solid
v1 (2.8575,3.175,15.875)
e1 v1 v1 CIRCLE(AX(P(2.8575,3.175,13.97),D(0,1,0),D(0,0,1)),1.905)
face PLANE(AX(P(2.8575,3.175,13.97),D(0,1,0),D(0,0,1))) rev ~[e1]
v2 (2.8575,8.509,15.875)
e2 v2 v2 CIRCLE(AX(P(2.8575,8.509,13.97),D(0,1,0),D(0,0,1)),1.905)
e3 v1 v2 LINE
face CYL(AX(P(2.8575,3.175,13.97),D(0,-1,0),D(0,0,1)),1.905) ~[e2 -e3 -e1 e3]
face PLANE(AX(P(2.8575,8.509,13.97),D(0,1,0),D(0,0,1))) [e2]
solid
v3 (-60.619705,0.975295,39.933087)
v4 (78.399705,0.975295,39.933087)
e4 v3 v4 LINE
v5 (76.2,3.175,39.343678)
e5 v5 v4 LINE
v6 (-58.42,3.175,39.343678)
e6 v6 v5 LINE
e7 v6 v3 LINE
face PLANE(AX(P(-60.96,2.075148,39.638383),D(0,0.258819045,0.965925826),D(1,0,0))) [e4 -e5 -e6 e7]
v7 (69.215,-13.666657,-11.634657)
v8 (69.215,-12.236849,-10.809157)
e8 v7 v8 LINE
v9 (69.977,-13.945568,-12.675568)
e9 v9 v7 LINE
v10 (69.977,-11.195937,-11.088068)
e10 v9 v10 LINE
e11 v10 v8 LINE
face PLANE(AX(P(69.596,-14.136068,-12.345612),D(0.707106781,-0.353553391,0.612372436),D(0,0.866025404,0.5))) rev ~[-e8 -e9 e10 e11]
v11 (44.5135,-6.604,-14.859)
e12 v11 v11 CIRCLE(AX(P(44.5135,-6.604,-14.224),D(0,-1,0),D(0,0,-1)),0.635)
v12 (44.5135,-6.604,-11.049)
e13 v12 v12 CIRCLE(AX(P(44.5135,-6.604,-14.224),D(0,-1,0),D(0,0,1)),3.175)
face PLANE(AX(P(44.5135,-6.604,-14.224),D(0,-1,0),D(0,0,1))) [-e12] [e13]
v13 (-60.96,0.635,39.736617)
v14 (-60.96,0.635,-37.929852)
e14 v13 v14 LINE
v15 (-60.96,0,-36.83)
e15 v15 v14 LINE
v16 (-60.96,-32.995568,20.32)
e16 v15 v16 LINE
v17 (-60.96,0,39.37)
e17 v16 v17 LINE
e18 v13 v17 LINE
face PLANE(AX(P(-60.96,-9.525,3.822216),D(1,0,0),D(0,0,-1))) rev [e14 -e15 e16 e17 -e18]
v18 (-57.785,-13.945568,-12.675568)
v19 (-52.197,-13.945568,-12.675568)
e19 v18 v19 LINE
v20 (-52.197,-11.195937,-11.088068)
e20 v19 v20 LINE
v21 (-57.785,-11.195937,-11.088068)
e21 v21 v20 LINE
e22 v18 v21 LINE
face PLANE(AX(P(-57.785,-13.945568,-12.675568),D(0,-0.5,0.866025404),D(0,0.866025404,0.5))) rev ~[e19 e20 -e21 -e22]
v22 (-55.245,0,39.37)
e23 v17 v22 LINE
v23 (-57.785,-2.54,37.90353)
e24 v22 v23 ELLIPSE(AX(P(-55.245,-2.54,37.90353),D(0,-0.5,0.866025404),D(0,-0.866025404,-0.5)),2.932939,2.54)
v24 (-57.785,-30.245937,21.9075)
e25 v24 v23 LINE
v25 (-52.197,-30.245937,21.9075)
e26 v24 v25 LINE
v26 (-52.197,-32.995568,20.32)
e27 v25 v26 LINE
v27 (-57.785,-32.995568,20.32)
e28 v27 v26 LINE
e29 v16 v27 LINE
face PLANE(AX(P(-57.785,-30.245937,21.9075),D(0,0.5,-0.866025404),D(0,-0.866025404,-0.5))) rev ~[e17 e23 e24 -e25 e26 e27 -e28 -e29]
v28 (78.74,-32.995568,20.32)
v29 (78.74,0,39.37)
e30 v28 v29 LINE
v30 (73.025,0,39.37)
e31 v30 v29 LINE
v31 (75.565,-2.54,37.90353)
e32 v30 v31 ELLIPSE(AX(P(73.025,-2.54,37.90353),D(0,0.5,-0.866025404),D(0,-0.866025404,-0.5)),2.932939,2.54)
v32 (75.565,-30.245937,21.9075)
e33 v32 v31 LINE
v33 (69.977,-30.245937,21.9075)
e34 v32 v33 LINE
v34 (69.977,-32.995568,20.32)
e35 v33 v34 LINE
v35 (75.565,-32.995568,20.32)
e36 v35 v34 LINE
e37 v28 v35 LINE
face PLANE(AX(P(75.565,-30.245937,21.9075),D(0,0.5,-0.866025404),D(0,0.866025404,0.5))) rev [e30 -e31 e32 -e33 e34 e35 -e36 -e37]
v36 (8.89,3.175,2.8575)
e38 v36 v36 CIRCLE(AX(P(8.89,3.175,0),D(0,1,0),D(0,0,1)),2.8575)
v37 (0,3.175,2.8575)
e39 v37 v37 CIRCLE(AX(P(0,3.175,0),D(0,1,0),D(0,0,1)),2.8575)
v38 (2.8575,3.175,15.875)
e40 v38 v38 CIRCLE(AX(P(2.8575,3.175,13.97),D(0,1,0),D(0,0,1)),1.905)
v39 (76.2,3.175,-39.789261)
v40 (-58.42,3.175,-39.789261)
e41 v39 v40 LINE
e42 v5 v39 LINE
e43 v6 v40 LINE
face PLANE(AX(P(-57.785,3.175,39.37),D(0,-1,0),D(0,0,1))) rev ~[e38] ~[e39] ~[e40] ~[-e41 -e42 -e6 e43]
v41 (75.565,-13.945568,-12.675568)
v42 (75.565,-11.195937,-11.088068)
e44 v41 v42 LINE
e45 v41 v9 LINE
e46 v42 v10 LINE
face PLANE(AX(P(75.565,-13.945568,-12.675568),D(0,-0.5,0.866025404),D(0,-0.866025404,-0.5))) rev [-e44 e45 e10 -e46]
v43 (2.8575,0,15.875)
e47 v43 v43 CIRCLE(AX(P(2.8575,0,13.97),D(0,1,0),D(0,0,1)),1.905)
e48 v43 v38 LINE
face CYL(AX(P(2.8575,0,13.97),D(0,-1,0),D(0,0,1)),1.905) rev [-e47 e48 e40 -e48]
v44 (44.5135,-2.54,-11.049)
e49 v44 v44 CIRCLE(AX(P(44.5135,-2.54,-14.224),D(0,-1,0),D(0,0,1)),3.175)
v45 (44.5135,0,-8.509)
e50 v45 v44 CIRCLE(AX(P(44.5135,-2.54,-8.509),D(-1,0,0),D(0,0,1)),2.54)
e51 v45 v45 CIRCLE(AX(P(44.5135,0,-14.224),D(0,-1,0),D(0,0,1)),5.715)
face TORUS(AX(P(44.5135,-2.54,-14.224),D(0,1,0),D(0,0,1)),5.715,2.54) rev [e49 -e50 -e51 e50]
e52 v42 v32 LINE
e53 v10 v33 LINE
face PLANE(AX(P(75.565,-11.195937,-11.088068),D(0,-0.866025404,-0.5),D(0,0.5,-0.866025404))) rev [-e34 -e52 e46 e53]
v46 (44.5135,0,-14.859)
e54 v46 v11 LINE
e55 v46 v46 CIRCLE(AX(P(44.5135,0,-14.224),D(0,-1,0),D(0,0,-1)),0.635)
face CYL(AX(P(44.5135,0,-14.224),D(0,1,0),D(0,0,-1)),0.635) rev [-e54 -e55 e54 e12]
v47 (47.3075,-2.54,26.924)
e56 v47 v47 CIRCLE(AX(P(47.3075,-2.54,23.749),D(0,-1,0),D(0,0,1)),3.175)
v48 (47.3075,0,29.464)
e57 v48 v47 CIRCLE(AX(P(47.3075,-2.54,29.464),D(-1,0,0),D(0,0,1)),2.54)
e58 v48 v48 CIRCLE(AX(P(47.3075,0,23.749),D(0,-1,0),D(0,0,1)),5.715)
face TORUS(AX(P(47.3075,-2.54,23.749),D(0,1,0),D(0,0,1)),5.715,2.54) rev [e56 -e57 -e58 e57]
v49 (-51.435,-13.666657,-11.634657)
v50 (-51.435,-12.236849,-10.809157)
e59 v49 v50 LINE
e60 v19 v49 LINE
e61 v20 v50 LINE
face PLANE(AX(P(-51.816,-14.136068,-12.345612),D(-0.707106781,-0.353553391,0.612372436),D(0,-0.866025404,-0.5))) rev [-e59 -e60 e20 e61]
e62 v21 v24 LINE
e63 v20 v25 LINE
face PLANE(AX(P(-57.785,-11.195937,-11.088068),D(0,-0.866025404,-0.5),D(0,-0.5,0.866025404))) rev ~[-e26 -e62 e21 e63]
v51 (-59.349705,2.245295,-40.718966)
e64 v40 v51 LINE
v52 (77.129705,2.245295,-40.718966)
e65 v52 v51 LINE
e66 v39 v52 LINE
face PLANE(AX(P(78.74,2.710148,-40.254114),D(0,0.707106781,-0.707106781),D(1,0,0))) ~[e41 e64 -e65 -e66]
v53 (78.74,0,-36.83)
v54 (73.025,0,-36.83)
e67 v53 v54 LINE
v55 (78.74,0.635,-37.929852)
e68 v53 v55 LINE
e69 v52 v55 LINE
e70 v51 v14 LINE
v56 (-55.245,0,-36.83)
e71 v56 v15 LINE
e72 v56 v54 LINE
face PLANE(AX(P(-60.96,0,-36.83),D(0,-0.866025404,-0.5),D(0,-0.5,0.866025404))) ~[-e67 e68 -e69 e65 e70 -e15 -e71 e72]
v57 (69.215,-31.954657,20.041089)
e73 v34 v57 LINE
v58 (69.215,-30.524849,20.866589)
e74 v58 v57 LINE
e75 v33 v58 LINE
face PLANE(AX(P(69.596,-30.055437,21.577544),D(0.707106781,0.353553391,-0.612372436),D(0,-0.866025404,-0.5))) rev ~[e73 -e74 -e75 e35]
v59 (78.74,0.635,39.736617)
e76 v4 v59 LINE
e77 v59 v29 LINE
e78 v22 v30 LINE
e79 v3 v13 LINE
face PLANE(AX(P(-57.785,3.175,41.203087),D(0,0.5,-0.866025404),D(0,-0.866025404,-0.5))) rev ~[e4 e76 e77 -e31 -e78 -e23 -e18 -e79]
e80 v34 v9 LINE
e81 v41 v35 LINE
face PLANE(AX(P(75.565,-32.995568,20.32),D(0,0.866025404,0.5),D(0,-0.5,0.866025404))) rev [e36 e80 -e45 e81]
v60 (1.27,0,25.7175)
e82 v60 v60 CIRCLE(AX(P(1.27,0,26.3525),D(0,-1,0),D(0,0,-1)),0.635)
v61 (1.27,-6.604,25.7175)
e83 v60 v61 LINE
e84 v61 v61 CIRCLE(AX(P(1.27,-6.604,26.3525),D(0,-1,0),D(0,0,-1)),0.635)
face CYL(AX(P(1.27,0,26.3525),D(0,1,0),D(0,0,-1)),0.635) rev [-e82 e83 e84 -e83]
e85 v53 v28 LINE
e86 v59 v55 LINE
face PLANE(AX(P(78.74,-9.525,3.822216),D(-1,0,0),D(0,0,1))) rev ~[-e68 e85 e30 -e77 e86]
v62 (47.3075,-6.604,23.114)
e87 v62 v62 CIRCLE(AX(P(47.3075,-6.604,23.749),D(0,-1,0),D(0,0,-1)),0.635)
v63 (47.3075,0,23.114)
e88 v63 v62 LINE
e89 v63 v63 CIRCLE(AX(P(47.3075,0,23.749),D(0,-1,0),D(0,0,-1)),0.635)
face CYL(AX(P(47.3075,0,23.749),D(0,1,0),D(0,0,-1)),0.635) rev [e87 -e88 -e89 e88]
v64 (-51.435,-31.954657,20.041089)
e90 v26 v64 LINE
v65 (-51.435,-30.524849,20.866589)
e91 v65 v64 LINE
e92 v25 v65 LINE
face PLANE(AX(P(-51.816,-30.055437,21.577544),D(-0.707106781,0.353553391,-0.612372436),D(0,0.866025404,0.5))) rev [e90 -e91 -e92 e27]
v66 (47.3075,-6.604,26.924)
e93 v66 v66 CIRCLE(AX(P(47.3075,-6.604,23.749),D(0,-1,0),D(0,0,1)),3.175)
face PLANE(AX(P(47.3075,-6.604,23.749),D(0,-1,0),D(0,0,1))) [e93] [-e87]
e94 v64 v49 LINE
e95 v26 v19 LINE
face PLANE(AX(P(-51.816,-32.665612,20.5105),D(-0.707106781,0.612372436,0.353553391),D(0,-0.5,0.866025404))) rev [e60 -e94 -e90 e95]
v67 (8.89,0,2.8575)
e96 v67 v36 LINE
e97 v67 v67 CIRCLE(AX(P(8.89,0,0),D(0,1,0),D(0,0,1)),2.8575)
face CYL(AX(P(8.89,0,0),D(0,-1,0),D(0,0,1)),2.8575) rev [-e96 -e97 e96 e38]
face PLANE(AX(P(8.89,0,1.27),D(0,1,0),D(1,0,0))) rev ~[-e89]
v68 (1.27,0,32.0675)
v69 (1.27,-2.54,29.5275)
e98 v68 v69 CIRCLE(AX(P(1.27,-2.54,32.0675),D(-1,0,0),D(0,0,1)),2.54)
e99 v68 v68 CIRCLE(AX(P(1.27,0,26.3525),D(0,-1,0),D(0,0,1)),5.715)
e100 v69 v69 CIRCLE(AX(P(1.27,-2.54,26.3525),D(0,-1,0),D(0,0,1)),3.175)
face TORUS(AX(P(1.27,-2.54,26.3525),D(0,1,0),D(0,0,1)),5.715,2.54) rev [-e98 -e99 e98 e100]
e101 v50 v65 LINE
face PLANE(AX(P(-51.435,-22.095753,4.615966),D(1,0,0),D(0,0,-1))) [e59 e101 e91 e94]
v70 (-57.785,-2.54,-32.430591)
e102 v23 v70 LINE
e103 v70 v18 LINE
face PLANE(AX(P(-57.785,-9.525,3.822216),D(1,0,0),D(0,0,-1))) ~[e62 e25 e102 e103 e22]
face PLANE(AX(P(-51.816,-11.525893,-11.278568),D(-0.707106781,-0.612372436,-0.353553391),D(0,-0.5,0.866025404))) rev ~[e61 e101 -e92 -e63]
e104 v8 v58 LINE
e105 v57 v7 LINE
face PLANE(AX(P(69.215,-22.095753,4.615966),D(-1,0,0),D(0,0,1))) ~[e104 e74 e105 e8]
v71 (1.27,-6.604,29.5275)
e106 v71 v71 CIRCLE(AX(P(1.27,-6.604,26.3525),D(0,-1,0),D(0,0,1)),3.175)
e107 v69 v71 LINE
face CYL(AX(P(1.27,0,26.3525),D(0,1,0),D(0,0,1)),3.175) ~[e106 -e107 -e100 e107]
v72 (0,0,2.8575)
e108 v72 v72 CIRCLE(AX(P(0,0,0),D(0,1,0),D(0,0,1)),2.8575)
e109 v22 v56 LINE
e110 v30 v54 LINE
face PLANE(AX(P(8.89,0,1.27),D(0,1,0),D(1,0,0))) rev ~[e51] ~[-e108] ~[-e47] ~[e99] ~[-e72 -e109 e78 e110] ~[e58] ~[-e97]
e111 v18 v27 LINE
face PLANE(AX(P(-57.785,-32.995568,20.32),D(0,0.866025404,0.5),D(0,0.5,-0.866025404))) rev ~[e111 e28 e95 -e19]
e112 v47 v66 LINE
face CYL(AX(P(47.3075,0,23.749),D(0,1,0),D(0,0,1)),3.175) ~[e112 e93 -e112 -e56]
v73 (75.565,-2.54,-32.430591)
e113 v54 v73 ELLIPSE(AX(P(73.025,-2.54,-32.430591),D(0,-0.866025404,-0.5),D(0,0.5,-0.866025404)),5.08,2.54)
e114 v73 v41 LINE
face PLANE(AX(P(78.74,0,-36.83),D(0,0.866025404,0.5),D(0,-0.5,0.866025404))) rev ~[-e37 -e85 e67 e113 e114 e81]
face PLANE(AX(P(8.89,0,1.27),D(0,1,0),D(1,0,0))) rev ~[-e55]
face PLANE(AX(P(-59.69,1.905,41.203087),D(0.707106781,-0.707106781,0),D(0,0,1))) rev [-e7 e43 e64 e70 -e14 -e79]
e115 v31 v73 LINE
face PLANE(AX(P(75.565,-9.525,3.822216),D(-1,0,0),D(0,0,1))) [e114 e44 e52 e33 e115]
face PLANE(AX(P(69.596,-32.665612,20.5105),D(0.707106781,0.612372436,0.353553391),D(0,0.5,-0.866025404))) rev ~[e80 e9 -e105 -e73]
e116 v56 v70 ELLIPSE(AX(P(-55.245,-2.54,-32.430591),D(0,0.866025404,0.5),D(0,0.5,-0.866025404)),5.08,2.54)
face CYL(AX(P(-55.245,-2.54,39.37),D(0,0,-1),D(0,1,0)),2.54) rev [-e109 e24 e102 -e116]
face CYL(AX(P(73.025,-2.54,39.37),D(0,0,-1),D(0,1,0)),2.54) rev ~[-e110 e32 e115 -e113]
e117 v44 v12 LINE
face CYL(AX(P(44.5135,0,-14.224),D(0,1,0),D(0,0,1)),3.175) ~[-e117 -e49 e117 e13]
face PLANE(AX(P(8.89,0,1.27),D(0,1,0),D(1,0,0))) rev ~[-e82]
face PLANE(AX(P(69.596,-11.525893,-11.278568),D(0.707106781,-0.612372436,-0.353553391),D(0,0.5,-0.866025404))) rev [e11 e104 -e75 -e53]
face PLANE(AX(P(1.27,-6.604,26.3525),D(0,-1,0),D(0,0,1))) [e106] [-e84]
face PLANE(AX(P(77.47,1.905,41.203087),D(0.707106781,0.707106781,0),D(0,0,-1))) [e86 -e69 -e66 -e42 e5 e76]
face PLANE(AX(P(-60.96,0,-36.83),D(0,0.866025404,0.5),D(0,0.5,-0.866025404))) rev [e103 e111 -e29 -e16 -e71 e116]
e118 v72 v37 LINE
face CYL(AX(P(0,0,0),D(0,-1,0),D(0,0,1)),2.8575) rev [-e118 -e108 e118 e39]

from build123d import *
from OCP.BRepFilletAPI import BRepFilletAPI_MakeChamfer

# Parameters (mm, degrees)
SKETCH2_W                = 139.7
SKETCH2_H                = 76.2
SKETCH2_R                = 2.8575
SKETCH2_R_2              = 1.905
BOSS_EXTRUDE1_DEPTH      = 3.175
BOSS_EXTRUDE2_DEPTH      = 3.175
BOSS_EXTRUDE3_DEPTH      = 136.525
SKETCH5_R                = 3.175
SKETCH5_R_2              = 0.635
BOSS_EXTRUDE4_DEPTH      = 6.604
FILLET1_R                = 2.54
CHAMFER1_SIZE            = 2.54
CHAMFER1_SIZE2           = 1.859409051
BOSS_EXTRUDE5_DEPTH      = 6.35
CHAMFER2_SIZE            = 0.762
CHAMFER2_OF_MIRROR2_SIZE = 0.762
SKETCH7_R                = 1.905
BOSS_EXTRUDE6_DEPTH      = 5.334


with BuildPart() as part:
    # Sketch2 → Boss-Extrude1 (new body)
    with BuildSketch(Plane(origin=(0, 0, 0), x_dir=(1, 0, 0), z_dir=(0, 1, 0))):
        with Locations((8.89, -1.27)):
            Rectangle(SKETCH2_W, SKETCH2_H)
        with Locations(Location((0, 0, 0), (0, 0, 270))):
            Circle(SKETCH2_R, mode=Mode.SUBTRACT)
        with Locations(Location((8.89, 0, 0), (0, 0, 270))):
            Circle(SKETCH2_R, mode=Mode.SUBTRACT)
        with Locations(Location((2.8575, -13.97, 0), (0, 0, 270))):
            Circle(SKETCH2_R_2, mode=Mode.SUBTRACT)
    extrude(amount=BOSS_EXTRUDE1_DEPTH)

    # Sketch3 → Boss-Extrude2 (add)
    with BuildSketch(Plane(origin=(78.74, 0, 0), x_dir=(0, 0, -1), z_dir=(1, 0, 0))):
        Polygon((-20.32, -32.995567884), (-39.37, 0), (36.83, 0), align=None)
        Polygon((-39.37, 3.175), (-41.203087105, 3.175), (-39.37, 0), align=None)
        Polygon((36.83, 0), (42.329261314, 3.175), (36.83, 3.175), align=None)
    boss_extrude2 = extrude(amount=-BOSS_EXTRUDE2_DEPTH)

    # Mirror1: Boss-Extrude2 across plane
    add(boss_extrude2.mirror(Plane(origin=(8.89, 0, 0), x_dir=(0, 0, 1), z_dir=(1, 0, 0))))

    # Sketch4 → Boss-Extrude3 (add)
    with BuildSketch(Plane(origin=(-57.785, 0, 0), x_dir=(0, 0, -1), z_dir=(1, 0, 0))):
        Polygon((-39.37, 3.175), (-41.203087105, 3.175), (-39.37, 0), align=None)
        Polygon((42.329261314, 3.175), (36.83, 3.175), (36.83, 0), align=None)
    extrude(amount=BOSS_EXTRUDE3_DEPTH)

    # Sketch5 → Boss-Extrude4 (add)
    # profile 1 of 3: a face of its own
    with BuildSketch(Plane.XZ):
        with Locations(Location((1.27, 26.3525, 0), (0, 0, 90))):
            Circle(SKETCH5_R)
        with Locations(Location((1.27, 26.3525, 0), (0, 0, 270))):
            Circle(SKETCH5_R_2, mode=Mode.SUBTRACT)
    # profile 2 of 3: a face of its own
    with BuildSketch(Plane.XZ):
        with Locations(Location((47.3075, 23.749, 0), (0, 0, 90))):
            Circle(SKETCH5_R)
        with Locations(Location((47.3075, 23.749, 0), (0, 0, 270))):
            Circle(SKETCH5_R_2, mode=Mode.SUBTRACT)
    # profile 3 of 3: a face of its own
    with BuildSketch(Plane.XZ):
        with Locations(Location((44.5135, -14.224, 0), (0, 0, 90))):
            Circle(SKETCH5_R)
        with Locations(Location((44.5135, -14.224, 0), (0, 0, 270))):
            Circle(SKETCH5_R_2, mode=Mode.SUBTRACT)
    extrude(amount=BOSS_EXTRUDE4_DEPTH)

    # Fillet1
    fillet1_edges = [part.edges().sort_by_distance(p)[0] for p in [
        (44.5135, 0, -17.399),
        (47.3075, 0, 20.574),
        (1.27, 0, 23.1775),
        (75.565, 0, 1.27),
        (-57.785, 0, 1.27),
    ]]
    fillet(fillet1_edges, radius=FILLET1_R)

    # Chamfer1: one chamfer whose edges measure the first distance from different faces: ONE call of the kernel's chamfer builder (chamfer() names one face for all edges)
    chamfer1_edges_1 = [part.edges().sort_by_distance(p)[0] for p in [
        (78.74, 3.175, -0.563087105),
        (-60.96, 3.175, -0.563087105),
    ]]
    chamfer1_edges_2 = [part.edges().sort_by_distance(p)[0] for p in [
        (8.89, 3.175, 41.203087105),
    ]]
    chamfer1_side_2 = [part.faces().sort_by_distance(p)[0] for p in [
        (8.89, 1.262750073, 40.099049095),
    ]]
    chamfer1_edges_3 = [part.edges().sort_by_distance(p)[0] for p in [
        (8.89, 3.175, -42.329261314),
    ]]
    chamfer1_side_3 = [part.faces().sort_by_distance(p)[0] for p in [
        (-59.332310127, 3.175, -0.563087105),
    ]]
    chamfer1 = BRepFilletAPI_MakeChamfer(part.part.solid().wrapped)
    for e in chamfer1_edges_1:
        chamfer1.Add(CHAMFER1_SIZE, e.wrapped)
    for e in chamfer1_edges_2:
        chamfer1.Add(CHAMFER1_SIZE, CHAMFER1_SIZE2, e.wrapped, chamfer1_side_2[0].wrapped)  # the first distance lies on this face
    for e in chamfer1_edges_3:
        chamfer1.Add(CHAMFER1_SIZE, CHAMFER1_SIZE2, e.wrapped, chamfer1_side_3[0].wrapped)  # the first distance lies on this face
    add(Compound.cast(chamfer1.Shape()), mode=Mode.REPLACE)

    # Sketch6 → Boss-Extrude5 (add)
    with BuildSketch(Plane(origin=(-57.785, 0, 0), x_dir=(0, 0, -1), z_dir=(1, 0, 0))):
        Polygon((-20.32, -32.995567884), (12.675567884, -13.945567884), (11.088067884, -11.195937227), (-21.9075, -30.245937227), align=None)
    boss_extrude5 = extrude(amount=BOSS_EXTRUDE5_DEPTH)

    # Chamfer2
    chamfer2_edges = [part.edges().sort_by_distance(p)[0] for p in [
        (-51.435, -31.620752556, 21.11375),
        (-51.435, -23.470567884, 3.822216058),
        (-51.435, -12.570752556, -11.881817884),
        (-51.435, -20.720937227, 5.409716058),
    ]]
    chamfer(chamfer2_edges, length=CHAMFER2_SIZE)

    # Mirror2: Boss-Extrude5 across plane
    add(boss_extrude5.mirror(Plane(origin=(8.89, 0, 0), x_dir=(0, 0, 1), z_dir=(1, 0, 0))))

    # Chamfer2 of Mirror2
    chamfer2_of_mirror2_edges = [part.edges().sort_by_distance(p)[0] for p in [
        (69.215, -31.620752556, 21.11375),
        (69.215, -23.470567884, 3.822216058),
        (69.215, -12.570752556, -11.881817884),
        (69.215, -20.720937227, 5.409716058),
    ]]
    chamfer(chamfer2_of_mirror2_edges, length=CHAMFER2_OF_MIRROR2_SIZE)


with BuildPart() as body_2:
    # Sketch7 → Boss-Extrude6 (new body)
    with BuildSketch(Plane(origin=(0, 3.175, 0), x_dir=(1, 0, 0), z_dir=(0, 1, 0))):
        with Locations(Location((2.8575, -13.97, 0), (0, 0, 270))):
            Circle(SKETCH7_R)
    extrude(amount=BOSS_EXTRUDE6_DEPTH)


solid = Compound([part.part, body_2.part])
